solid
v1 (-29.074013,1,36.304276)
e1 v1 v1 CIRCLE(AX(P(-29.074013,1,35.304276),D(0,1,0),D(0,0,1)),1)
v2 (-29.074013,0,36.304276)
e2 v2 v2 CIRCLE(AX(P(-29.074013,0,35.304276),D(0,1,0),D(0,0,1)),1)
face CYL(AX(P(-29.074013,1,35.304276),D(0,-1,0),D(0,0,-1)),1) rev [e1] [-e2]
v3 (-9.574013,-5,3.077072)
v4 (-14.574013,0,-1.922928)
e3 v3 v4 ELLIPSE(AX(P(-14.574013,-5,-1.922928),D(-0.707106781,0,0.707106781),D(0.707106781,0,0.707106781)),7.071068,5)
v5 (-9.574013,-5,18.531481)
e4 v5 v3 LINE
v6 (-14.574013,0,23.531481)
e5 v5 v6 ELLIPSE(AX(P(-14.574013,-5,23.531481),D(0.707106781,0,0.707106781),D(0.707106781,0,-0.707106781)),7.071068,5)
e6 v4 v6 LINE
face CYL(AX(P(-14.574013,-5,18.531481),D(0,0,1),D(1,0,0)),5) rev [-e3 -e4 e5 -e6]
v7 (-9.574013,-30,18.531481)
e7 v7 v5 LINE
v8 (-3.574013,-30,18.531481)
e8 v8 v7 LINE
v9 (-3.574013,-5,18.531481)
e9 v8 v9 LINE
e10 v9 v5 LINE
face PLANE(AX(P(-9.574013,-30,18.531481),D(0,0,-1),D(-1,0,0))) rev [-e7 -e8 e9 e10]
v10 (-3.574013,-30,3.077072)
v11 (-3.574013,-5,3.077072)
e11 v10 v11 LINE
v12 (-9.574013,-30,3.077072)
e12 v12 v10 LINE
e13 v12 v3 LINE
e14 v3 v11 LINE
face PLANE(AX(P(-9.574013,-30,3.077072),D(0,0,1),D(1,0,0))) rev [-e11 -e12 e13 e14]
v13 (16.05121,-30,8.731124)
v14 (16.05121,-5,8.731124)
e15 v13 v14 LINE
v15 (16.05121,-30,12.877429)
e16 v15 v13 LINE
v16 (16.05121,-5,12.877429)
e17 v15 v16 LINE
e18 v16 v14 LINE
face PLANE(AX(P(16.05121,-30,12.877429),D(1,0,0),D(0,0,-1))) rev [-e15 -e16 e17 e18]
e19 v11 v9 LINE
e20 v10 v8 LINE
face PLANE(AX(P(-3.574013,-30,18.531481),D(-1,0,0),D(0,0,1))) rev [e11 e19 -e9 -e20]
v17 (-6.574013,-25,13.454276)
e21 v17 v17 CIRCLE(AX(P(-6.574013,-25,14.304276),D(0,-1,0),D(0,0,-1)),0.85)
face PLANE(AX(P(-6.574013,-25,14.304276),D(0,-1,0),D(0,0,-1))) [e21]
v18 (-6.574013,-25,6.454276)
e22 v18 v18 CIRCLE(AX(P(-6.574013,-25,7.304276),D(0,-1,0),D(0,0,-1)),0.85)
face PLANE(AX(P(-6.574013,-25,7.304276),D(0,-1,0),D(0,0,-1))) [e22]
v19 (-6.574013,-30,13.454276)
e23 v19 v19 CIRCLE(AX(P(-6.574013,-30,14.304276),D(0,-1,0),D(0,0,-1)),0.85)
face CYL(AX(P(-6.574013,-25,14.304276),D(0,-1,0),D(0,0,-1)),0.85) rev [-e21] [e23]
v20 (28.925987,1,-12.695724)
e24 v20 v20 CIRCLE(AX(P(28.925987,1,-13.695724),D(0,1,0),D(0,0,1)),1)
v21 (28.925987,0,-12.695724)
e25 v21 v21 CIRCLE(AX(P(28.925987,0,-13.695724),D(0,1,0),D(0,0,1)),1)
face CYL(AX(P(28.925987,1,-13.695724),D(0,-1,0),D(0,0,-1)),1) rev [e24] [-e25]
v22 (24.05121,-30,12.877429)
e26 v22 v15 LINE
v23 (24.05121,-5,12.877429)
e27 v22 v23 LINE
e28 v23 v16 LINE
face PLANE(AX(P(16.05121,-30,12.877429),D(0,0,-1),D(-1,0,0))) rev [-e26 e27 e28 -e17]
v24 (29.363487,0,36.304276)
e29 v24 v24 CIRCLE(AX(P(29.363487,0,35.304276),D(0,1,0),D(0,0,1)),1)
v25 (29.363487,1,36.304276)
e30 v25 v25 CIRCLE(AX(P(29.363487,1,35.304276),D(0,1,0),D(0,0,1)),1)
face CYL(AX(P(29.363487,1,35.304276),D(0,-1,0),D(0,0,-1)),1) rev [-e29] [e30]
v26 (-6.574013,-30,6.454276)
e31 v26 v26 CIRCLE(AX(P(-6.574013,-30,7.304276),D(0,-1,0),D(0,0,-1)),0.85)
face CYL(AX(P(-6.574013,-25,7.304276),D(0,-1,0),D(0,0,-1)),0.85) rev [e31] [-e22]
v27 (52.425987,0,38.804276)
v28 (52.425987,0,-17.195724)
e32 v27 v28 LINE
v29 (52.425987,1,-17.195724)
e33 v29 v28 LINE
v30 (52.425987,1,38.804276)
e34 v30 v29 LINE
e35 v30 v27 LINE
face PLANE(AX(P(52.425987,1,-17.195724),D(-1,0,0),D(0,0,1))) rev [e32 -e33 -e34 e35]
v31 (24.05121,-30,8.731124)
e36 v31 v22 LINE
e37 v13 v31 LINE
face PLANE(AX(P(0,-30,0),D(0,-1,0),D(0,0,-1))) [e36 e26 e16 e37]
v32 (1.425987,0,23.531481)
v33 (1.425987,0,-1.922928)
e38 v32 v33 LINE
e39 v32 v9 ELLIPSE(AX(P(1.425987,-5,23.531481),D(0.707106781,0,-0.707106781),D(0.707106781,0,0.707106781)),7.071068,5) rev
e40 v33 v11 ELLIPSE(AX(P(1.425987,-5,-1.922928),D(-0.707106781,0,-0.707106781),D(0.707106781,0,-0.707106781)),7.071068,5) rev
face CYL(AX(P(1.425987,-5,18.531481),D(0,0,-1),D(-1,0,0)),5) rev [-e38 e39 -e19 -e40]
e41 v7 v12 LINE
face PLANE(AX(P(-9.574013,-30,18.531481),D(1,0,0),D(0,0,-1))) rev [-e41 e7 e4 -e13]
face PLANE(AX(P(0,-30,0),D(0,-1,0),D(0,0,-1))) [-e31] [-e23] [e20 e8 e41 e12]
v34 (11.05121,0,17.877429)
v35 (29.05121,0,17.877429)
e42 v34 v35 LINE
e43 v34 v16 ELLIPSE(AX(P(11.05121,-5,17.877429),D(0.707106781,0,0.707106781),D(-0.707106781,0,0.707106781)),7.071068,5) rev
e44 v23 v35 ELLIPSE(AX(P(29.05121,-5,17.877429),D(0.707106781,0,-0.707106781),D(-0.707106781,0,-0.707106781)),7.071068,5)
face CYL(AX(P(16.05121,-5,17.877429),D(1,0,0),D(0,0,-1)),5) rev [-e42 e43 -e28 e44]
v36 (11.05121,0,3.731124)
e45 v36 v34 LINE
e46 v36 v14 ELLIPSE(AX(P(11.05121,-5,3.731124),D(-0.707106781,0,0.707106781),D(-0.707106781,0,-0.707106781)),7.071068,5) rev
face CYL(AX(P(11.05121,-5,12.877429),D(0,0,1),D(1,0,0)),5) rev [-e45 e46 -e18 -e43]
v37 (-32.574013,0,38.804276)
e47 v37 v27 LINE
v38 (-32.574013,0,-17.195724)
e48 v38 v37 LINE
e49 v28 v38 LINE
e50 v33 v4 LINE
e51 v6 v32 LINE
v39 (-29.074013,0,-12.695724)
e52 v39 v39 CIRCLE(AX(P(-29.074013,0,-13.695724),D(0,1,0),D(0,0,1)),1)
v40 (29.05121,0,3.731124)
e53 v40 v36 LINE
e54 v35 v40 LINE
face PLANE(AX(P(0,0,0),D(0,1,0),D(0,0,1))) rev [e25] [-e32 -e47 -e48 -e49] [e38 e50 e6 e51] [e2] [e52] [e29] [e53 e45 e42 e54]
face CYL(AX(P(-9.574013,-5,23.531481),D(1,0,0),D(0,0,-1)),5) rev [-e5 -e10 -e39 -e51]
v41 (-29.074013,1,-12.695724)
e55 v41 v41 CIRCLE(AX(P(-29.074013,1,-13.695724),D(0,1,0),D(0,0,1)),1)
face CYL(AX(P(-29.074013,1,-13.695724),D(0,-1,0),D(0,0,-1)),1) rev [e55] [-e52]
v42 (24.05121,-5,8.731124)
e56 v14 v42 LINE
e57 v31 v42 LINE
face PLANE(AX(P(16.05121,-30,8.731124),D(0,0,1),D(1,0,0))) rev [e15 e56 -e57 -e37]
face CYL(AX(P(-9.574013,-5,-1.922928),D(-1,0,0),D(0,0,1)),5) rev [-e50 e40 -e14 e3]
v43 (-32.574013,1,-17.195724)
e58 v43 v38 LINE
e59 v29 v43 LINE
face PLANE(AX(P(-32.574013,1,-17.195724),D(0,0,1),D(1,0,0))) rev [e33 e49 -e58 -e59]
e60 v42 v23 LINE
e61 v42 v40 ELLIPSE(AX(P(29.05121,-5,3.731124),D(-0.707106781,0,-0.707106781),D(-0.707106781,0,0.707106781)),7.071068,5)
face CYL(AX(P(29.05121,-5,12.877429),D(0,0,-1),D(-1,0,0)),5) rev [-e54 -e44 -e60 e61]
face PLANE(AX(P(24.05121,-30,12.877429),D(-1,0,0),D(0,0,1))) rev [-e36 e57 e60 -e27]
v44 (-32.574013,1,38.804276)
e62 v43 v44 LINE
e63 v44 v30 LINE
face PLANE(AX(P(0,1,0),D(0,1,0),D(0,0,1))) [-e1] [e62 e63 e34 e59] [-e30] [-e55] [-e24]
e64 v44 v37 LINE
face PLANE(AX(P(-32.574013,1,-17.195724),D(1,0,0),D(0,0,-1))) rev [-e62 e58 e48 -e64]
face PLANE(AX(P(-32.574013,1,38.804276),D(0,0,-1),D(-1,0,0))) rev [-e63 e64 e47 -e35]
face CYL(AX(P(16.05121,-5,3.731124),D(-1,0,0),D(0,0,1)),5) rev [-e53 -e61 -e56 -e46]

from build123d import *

# Parameters (mm, degrees)
ESQUISSE1_W             = 85
ESQUISSE1_H             = 56
ESQUISSE1_R             = 1
BOSS_EXTRU_1_DEPTH      = 1
ESQUISSE2_W             = 6
ESQUISSE2_H             = 15.454409224
ESQUISSE2_W_2           = 8
ESQUISSE2_H_2           = 4.146304914
BOSS_EXTRU_2_DEPTH      = 30
CONG_1_R                = 5
ESQUISSE3_R             = 0.85
ENL_V_MAT_EXTRU_1_DEPTH = 5


with BuildPart() as part:
    # Esquisse1 → Boss.-Extru.1 (new body)
    with BuildSketch(Plane(origin=(0, 0, 0), x_dir=(1, 0, 0), z_dir=(0, 1, 0))):
        with Locations((9.925986842, -10.804276316)):
            Rectangle(ESQUISSE1_W, ESQUISSE1_H)
        with Locations(Location((-29.074013158, 13.695723684, 0), (0, 0, 270))):
            Circle(ESQUISSE1_R, mode=Mode.SUBTRACT)
        with Locations(Location((28.925986842, 13.695723684, 0), (0, 0, 270))):
            Circle(ESQUISSE1_R, mode=Mode.SUBTRACT)
        with Locations(Location((29.363486842, -35.304276316, 0), (0, 0, 270))):
            Circle(ESQUISSE1_R, mode=Mode.SUBTRACT)
        with Locations(Location((-29.074013158, -35.304276316, 0), (0, 0, 270))):
            Circle(ESQUISSE1_R, mode=Mode.SUBTRACT)
    extrude(amount=BOSS_EXTRU_1_DEPTH)

    # Esquisse2 → Boss.-Extru.2 (add)
    with BuildSketch(Plane.XZ):
        with Locations((-6.574013158, 10.804276316)):
            Rectangle(ESQUISSE2_W, ESQUISSE2_H)
        with Locations((20.05121001, 10.804276316)):
            Rectangle(ESQUISSE2_W_2, ESQUISSE2_H_2)
    extrude(amount=BOSS_EXTRU_2_DEPTH)

    # Congé1
    cong_1_edges = [part.edges().sort_by_distance(p)[0] for p in [
        (-9.574013158, 0, 10.804276316),
        (-6.574013158, 0, 3.077071704),
        (-3.574013158, 0, 10.804276316),
        (-6.574013158, 0, 18.531480928),
        (16.05121001, 0, 10.804276316),
        (20.05121001, 0, 8.731123859),
        (24.05121001, 0, 10.804276316),
        (20.05121001, 0, 12.877428773),
    ]]
    fillet(cong_1_edges, radius=CONG_1_R)

    # Esquisse3 → Enlèv. mat.-Extru.1 (cut)
    with BuildSketch(Plane.XZ.offset(30)):
        with Locations(Location((-6.574013158, 14.304276316, 0), (0, 0, 270))):
            Circle(ESQUISSE3_R)
        with Locations(Location((-6.574013158, 7.304276316, 0), (0, 0, 270))):
            Circle(ESQUISSE3_R)
    extrude(amount=-ENL_V_MAT_EXTRU_1_DEPTH, mode=Mode.SUBTRACT)


solid = part.part
